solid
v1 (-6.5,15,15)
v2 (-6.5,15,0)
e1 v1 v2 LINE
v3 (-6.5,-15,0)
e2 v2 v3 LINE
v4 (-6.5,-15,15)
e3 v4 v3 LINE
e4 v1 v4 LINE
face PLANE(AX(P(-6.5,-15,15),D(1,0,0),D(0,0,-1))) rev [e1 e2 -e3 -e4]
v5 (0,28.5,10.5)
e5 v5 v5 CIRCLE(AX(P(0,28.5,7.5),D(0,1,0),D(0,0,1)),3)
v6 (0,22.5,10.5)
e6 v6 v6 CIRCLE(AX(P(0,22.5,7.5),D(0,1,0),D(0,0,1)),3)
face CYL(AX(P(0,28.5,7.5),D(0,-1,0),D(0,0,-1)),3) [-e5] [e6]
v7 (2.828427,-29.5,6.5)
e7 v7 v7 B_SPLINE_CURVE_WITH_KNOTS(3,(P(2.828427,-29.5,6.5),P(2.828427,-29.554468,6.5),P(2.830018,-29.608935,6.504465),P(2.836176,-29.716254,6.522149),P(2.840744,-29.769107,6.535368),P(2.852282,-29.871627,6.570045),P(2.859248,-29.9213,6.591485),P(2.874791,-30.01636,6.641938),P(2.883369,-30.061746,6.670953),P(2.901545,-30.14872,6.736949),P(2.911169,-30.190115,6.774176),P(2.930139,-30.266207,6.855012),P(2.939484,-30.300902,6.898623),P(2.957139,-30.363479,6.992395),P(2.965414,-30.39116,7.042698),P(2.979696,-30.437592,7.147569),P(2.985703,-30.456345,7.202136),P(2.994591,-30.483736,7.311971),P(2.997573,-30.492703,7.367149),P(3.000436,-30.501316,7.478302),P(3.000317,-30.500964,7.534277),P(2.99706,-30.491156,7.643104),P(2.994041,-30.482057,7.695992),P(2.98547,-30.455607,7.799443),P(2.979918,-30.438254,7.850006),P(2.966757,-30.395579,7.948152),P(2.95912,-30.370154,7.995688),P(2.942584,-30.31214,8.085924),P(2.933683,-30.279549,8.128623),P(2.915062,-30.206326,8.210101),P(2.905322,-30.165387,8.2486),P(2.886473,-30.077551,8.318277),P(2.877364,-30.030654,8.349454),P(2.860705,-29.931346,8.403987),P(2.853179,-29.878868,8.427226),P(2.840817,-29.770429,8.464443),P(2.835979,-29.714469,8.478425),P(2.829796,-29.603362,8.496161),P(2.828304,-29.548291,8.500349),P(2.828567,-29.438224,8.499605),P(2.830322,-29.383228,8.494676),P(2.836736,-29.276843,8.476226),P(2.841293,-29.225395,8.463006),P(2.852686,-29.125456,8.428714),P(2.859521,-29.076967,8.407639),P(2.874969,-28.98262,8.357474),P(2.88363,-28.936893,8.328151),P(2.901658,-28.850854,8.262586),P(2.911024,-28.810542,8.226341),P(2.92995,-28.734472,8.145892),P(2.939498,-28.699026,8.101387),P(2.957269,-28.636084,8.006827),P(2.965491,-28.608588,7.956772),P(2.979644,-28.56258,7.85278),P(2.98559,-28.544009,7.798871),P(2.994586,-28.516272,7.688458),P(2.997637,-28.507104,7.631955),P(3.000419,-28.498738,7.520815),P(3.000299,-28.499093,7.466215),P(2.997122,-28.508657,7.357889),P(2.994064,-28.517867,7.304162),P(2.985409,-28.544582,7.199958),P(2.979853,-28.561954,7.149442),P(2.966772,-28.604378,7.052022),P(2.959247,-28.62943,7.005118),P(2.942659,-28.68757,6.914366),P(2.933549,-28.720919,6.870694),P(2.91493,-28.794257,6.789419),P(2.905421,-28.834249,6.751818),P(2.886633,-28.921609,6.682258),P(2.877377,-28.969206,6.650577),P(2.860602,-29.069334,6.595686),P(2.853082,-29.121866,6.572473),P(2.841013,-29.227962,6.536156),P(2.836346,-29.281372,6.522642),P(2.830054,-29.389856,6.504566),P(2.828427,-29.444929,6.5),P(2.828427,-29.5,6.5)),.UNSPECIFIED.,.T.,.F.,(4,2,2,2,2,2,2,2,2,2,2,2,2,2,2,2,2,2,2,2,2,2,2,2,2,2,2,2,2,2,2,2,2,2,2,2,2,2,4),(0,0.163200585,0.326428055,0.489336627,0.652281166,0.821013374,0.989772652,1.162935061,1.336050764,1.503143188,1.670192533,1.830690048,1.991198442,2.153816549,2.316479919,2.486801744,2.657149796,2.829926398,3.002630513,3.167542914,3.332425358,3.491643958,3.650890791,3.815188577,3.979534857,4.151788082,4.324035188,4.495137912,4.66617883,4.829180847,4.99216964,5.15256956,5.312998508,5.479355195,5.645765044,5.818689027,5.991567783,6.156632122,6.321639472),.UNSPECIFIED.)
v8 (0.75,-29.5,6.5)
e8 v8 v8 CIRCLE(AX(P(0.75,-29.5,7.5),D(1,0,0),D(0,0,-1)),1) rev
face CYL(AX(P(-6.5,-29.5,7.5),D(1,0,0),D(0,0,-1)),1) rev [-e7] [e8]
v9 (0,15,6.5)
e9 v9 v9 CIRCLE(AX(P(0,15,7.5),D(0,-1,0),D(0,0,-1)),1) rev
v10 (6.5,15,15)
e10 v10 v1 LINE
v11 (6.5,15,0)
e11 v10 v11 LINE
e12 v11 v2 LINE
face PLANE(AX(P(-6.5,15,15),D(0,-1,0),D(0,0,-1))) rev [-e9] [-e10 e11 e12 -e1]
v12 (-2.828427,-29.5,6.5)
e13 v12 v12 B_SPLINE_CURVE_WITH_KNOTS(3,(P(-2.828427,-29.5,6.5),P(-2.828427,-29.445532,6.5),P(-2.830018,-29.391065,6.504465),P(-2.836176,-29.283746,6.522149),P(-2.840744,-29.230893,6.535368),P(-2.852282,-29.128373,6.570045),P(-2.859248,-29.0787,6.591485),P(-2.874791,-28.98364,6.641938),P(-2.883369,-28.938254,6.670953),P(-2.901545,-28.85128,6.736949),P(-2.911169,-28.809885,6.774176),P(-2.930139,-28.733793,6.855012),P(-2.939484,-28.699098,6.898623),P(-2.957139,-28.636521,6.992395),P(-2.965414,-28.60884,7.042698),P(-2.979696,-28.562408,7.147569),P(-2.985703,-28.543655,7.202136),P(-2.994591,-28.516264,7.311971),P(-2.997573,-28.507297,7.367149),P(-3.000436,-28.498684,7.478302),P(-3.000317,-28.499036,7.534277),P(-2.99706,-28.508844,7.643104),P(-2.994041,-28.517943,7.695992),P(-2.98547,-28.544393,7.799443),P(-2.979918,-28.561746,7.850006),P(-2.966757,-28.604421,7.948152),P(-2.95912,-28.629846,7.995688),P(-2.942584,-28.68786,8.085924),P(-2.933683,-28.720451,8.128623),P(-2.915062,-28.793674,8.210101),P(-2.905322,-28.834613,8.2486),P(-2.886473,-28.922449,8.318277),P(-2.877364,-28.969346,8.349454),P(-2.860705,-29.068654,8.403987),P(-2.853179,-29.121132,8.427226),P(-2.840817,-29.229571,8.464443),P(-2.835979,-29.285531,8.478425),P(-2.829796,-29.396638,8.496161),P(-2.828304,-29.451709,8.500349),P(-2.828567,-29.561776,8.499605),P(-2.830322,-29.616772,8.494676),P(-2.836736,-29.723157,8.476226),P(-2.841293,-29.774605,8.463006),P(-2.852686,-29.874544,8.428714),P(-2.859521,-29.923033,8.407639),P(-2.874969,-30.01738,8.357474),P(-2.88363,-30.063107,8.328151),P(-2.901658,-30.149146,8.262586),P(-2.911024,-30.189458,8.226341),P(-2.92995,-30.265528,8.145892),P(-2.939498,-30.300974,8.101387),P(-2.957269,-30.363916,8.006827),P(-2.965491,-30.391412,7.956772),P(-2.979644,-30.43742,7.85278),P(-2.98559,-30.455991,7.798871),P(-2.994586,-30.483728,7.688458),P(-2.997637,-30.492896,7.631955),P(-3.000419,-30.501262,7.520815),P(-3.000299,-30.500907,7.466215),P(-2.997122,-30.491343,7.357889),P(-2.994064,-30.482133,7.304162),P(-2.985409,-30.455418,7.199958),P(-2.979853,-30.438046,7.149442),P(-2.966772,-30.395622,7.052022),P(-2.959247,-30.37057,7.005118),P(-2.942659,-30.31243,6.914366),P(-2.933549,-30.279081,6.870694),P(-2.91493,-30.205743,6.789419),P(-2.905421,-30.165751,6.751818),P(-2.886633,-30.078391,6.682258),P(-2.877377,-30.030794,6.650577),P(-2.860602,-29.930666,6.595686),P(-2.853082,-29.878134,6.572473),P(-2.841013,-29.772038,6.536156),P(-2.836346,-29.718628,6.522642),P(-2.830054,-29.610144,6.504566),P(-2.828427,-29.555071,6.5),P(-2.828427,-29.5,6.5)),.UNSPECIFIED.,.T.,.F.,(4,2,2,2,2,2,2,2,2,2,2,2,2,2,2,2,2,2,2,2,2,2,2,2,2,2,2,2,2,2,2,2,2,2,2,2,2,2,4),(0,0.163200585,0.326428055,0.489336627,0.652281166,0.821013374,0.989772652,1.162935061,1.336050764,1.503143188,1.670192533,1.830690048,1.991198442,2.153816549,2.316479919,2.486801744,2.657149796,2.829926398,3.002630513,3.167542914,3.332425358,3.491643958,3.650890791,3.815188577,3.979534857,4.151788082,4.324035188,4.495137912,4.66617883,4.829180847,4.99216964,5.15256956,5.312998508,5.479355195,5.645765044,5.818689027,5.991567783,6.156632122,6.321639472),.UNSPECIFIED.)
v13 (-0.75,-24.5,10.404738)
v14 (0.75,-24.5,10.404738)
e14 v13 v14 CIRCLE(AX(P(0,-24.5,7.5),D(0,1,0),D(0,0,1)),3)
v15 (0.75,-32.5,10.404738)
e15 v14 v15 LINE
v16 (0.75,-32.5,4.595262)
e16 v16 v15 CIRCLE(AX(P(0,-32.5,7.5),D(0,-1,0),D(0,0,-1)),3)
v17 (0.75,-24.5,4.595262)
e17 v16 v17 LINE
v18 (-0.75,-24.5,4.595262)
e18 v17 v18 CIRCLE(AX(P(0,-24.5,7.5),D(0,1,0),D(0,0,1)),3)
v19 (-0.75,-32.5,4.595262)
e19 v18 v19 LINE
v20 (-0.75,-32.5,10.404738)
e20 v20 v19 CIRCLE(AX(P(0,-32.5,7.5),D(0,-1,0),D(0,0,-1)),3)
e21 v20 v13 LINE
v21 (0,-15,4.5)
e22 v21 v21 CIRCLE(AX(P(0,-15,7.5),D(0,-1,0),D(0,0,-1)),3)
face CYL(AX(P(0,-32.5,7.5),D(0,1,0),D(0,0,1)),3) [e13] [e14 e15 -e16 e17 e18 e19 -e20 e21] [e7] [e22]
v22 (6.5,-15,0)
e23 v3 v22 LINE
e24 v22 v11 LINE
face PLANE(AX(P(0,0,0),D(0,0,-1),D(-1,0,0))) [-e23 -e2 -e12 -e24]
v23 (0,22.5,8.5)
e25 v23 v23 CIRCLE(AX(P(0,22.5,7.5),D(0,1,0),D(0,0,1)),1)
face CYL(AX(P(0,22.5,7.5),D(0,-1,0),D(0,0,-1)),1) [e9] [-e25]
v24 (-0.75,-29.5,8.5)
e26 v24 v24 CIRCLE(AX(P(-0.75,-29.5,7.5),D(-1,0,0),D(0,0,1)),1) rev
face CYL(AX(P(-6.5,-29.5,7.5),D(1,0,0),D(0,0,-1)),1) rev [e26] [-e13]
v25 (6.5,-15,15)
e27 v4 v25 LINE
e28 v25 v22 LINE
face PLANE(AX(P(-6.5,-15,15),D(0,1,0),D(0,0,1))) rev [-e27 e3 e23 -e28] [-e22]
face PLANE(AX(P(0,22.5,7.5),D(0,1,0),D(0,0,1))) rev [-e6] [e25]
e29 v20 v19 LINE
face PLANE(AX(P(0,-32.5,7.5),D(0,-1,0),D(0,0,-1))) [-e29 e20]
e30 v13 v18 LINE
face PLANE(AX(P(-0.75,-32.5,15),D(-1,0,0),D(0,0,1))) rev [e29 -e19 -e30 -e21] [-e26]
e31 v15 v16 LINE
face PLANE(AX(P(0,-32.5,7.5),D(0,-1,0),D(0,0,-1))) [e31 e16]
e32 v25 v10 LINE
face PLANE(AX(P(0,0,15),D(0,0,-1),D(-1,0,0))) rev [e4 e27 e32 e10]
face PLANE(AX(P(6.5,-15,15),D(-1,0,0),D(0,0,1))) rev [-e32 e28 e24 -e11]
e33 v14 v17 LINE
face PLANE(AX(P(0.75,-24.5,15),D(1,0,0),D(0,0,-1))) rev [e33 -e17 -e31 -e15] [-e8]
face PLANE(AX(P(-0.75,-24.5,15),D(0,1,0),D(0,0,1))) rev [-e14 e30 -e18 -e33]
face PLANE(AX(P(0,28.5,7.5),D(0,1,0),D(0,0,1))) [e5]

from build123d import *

# Parameters (mm, degrees)
SKETCH1_W           = 13
SKETCH1_H           = 30
BOSS_EXTRUDE1_DEPTH = 15
SKETCH2_R           = 1
BOSS_EXTRUDE2_DEPTH = 7.5
SKETCH3_R           = 3
BOSS_EXTRUDE3_DEPTH = 6
BOSS_EXTRUDE4_START = 17.5
SKETCH4_R           = 3
BOSS_EXTRUDE4_DEPTH = 17.5
SKETCH5_R           = 1
CUT_EXTRUDE1_DEPTH  = 38.033768374
SKETCH6_W           = 1.5
SKETCH6_H           = 8
CUT_EXTRUDE2_DEPTH  = 35.767082226


with BuildPart() as part:
    # Sketch1 → Boss-Extrude1 (new body)
    with BuildSketch(Plane.XY):
        Rectangle(SKETCH1_W, SKETCH1_H)
    extrude(amount=BOSS_EXTRUDE1_DEPTH)

    # Sketch2 → Boss-Extrude2 (add)
    with BuildSketch(Plane(origin=(0, 15, 0), x_dir=(1, 0, 0), z_dir=(0, 1, 0))):
        with Locations((0, -7.5)):
            Circle(SKETCH2_R)
    extrude(amount=BOSS_EXTRUDE2_DEPTH)

    # Sketch3 → Boss-Extrude3 (add)
    with BuildSketch(Plane(origin=(0, 22.5, 0), x_dir=(1, 0, 0), z_dir=(0, 1, 0))):
        with Locations((0, -7.5)):
            Circle(SKETCH3_R)
    extrude(amount=BOSS_EXTRUDE3_DEPTH)

    # Sketch4 → Boss-Extrude4 (add)
    with BuildSketch(Plane.XZ.offset(15).offset(BOSS_EXTRUDE4_START)):
        with Locations((0, 7.5)):
            Circle(SKETCH4_R)
    extrude(amount=-BOSS_EXTRUDE4_DEPTH)

    # Sketch5 → Cut-Extrude1 (cut, through all)
    with BuildSketch(Plane(origin=(3, 0, 0), x_dir=(0, 0, -1), z_dir=(1, 0, 0))):
        with Locations((-7.5, -29.5)):
            Circle(SKETCH5_R)
    extrude(amount=-CUT_EXTRUDE1_DEPTH, mode=Mode.SUBTRACT)

    # Sketch6 → Cut-Extrude2 (cut, through all)
    with BuildSketch(Plane(origin=(0, 0, 4.5), x_dir=(-1, 0, 0), z_dir=(0, 0, -1))):
        with Locations((0, -28.5)):
            Rectangle(SKETCH6_W, SKETCH6_H)
    extrude(amount=-CUT_EXTRUDE2_DEPTH, mode=Mode.SUBTRACT)


solid = part.part
